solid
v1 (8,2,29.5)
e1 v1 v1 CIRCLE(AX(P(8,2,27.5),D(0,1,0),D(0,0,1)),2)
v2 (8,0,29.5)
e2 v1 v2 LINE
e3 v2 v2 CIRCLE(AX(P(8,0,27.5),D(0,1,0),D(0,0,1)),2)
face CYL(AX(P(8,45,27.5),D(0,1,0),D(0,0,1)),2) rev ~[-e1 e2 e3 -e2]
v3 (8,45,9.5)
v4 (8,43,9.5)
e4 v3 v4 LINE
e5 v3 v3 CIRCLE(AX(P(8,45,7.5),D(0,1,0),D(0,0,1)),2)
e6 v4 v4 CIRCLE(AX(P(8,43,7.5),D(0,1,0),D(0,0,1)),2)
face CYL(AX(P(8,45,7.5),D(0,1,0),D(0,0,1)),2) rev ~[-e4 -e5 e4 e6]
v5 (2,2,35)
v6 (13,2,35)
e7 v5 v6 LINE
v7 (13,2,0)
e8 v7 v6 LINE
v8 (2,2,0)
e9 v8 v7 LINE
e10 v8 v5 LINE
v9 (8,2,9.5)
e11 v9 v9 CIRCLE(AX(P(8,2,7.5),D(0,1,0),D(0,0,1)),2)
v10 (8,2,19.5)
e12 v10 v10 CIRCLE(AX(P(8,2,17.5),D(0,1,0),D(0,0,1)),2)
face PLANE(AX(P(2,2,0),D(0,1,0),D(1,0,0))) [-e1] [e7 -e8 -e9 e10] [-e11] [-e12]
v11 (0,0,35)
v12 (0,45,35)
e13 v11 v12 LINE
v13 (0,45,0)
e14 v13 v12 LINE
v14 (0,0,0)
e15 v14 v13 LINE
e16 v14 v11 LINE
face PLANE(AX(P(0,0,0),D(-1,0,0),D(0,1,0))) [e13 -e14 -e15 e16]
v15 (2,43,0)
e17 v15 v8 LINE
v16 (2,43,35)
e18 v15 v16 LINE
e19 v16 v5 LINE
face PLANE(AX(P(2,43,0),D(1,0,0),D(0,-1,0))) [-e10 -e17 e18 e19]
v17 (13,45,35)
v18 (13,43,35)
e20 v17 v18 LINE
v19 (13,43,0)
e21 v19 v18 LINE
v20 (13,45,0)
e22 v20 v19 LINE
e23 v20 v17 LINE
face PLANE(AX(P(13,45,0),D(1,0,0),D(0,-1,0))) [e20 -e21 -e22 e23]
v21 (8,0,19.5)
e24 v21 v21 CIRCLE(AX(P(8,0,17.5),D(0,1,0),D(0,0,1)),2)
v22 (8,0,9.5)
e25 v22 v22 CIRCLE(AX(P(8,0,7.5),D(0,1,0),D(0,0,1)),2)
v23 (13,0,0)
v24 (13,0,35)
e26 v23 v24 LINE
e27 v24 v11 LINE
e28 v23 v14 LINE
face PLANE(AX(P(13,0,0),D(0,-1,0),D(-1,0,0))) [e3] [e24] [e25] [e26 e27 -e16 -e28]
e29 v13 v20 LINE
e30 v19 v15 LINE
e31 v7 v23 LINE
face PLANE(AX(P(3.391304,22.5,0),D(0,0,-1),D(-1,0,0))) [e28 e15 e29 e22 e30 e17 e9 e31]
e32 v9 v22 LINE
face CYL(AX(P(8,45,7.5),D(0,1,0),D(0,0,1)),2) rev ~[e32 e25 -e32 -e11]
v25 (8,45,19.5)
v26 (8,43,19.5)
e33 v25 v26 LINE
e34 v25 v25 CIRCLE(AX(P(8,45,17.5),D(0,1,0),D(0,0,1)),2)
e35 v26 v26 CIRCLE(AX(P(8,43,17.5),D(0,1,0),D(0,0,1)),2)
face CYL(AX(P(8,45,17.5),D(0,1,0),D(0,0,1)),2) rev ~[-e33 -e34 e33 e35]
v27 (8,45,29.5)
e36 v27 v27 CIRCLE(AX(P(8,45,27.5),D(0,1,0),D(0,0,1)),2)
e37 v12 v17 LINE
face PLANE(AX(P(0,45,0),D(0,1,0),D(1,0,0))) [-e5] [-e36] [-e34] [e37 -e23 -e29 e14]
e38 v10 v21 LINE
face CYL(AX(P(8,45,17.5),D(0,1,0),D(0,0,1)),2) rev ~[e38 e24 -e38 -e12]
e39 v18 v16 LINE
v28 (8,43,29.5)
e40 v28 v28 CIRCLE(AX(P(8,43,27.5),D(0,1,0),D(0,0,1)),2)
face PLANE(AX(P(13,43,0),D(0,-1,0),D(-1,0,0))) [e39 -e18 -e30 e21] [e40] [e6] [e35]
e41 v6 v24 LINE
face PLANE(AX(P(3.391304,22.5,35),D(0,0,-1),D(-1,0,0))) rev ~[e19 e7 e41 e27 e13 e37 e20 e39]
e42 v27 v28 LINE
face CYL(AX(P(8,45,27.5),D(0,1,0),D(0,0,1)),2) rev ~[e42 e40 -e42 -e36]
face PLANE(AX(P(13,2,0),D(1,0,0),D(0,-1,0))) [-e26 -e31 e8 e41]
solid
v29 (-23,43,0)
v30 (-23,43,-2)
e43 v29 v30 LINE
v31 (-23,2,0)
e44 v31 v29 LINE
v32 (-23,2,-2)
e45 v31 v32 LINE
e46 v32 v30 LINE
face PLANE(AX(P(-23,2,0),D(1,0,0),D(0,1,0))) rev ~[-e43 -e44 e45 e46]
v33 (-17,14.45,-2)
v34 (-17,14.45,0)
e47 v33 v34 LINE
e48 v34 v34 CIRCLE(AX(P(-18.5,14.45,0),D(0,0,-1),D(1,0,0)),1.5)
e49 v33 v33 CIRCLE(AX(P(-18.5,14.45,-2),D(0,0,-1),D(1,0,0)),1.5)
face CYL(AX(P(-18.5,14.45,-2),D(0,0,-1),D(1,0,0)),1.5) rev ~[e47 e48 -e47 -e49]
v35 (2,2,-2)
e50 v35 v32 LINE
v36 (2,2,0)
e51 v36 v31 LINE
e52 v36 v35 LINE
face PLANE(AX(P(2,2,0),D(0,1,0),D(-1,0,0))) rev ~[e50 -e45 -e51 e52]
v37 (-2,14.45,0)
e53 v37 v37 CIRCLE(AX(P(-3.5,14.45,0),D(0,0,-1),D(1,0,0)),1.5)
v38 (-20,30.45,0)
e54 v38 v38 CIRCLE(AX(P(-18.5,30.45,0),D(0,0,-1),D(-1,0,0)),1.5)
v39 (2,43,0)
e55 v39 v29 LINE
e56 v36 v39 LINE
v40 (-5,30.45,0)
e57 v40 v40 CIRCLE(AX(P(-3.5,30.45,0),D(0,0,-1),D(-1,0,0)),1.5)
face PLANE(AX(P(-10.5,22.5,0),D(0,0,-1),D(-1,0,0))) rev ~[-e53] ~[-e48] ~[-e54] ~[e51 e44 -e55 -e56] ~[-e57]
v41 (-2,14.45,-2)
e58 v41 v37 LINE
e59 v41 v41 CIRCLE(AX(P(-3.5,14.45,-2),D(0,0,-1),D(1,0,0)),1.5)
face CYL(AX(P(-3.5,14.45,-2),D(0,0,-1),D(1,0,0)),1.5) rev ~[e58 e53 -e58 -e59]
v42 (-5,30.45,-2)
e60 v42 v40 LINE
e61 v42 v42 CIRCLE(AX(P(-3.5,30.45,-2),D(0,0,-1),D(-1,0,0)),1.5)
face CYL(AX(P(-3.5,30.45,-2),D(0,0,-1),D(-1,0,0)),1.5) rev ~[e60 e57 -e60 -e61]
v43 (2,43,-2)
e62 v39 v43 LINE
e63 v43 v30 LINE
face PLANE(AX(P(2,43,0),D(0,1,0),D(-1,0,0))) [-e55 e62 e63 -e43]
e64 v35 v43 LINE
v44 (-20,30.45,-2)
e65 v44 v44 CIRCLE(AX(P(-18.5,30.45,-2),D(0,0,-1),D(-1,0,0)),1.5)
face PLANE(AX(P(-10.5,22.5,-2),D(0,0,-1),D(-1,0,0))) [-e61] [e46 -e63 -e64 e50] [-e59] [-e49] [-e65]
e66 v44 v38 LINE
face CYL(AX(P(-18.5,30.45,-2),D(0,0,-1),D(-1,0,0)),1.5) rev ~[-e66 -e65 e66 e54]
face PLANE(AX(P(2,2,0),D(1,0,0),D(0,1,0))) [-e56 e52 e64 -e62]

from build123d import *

# Parameters (mm, degrees)
BOSS_EXTRUDE1_DEPTH = 35
SKETCH2_W           = 25
SKETCH2_H           = 41
BOSS_EXTRUDE2_DEPTH = 2
SKETCH3_R           = 1.5
CUT_EXTRUDE1_DEPTH  = 2
SKETCH4_R           = 2
CUT_EXTRUDE2_DEPTH  = 62.473571557


with BuildPart() as part:
    # Sketch1 → Boss-Extrude1 (new body)
    with BuildSketch(Plane.XY):
        Polygon((0, 0), (0, 45), (13, 45), (13, 43), (2, 43), (2, 2), (13, 2), (13, 0), align=None)
    extrude(amount=BOSS_EXTRUDE1_DEPTH)

    # Sketch4 → Cut-Extrude2 (cut, through all)
    with BuildSketch(Plane(origin=(0, 45, 0), x_dir=(1, 0, 0), z_dir=(0, 1, 0))):
        with Locations(Location((8, -17.5, 0), (0, 0, 270))):
            Circle(SKETCH4_R)
        with Locations(Location((8, -27.5, 0), (0, 0, 270))):
            Circle(SKETCH4_R)
        with Locations(Location((8, -7.5, 0), (0, 0, 270))):
            Circle(SKETCH4_R)
    extrude(amount=-CUT_EXTRUDE2_DEPTH, mode=Mode.SUBTRACT)


with BuildPart() as body_2:
    # Sketch2 → Boss-Extrude2 (new body)
    with BuildSketch(Plane(origin=(0, 0, 0), x_dir=(-1, 0, 0), z_dir=(0, 0, -1))):
        with Locations((10.5, 22.5)):
            Rectangle(SKETCH2_W, SKETCH2_H)
    extrude(amount=BOSS_EXTRUDE2_DEPTH)

    # Sketch3 → Cut-Extrude1 (cut)
    with BuildSketch(Plane(origin=(0, 0, -2), x_dir=(-1, 0, 0), z_dir=(0, 0, -1))):
        with Locations((18.5, 30.45)):
            Circle(SKETCH3_R)
        with Locations((3.5, 30.45)):
            Circle(SKETCH3_R)
        with Locations(Location((18.5, 14.45, 0), (0, 0, 180))):
            Circle(SKETCH3_R)
        with Locations(Location((3.5, 14.45, 0), (0, 0, 180))):
            Circle(SKETCH3_R)
    extrude(amount=-CUT_EXTRUDE1_DEPTH, mode=Mode.SUBTRACT)


solid = Compound([part.part, body_2.part])
